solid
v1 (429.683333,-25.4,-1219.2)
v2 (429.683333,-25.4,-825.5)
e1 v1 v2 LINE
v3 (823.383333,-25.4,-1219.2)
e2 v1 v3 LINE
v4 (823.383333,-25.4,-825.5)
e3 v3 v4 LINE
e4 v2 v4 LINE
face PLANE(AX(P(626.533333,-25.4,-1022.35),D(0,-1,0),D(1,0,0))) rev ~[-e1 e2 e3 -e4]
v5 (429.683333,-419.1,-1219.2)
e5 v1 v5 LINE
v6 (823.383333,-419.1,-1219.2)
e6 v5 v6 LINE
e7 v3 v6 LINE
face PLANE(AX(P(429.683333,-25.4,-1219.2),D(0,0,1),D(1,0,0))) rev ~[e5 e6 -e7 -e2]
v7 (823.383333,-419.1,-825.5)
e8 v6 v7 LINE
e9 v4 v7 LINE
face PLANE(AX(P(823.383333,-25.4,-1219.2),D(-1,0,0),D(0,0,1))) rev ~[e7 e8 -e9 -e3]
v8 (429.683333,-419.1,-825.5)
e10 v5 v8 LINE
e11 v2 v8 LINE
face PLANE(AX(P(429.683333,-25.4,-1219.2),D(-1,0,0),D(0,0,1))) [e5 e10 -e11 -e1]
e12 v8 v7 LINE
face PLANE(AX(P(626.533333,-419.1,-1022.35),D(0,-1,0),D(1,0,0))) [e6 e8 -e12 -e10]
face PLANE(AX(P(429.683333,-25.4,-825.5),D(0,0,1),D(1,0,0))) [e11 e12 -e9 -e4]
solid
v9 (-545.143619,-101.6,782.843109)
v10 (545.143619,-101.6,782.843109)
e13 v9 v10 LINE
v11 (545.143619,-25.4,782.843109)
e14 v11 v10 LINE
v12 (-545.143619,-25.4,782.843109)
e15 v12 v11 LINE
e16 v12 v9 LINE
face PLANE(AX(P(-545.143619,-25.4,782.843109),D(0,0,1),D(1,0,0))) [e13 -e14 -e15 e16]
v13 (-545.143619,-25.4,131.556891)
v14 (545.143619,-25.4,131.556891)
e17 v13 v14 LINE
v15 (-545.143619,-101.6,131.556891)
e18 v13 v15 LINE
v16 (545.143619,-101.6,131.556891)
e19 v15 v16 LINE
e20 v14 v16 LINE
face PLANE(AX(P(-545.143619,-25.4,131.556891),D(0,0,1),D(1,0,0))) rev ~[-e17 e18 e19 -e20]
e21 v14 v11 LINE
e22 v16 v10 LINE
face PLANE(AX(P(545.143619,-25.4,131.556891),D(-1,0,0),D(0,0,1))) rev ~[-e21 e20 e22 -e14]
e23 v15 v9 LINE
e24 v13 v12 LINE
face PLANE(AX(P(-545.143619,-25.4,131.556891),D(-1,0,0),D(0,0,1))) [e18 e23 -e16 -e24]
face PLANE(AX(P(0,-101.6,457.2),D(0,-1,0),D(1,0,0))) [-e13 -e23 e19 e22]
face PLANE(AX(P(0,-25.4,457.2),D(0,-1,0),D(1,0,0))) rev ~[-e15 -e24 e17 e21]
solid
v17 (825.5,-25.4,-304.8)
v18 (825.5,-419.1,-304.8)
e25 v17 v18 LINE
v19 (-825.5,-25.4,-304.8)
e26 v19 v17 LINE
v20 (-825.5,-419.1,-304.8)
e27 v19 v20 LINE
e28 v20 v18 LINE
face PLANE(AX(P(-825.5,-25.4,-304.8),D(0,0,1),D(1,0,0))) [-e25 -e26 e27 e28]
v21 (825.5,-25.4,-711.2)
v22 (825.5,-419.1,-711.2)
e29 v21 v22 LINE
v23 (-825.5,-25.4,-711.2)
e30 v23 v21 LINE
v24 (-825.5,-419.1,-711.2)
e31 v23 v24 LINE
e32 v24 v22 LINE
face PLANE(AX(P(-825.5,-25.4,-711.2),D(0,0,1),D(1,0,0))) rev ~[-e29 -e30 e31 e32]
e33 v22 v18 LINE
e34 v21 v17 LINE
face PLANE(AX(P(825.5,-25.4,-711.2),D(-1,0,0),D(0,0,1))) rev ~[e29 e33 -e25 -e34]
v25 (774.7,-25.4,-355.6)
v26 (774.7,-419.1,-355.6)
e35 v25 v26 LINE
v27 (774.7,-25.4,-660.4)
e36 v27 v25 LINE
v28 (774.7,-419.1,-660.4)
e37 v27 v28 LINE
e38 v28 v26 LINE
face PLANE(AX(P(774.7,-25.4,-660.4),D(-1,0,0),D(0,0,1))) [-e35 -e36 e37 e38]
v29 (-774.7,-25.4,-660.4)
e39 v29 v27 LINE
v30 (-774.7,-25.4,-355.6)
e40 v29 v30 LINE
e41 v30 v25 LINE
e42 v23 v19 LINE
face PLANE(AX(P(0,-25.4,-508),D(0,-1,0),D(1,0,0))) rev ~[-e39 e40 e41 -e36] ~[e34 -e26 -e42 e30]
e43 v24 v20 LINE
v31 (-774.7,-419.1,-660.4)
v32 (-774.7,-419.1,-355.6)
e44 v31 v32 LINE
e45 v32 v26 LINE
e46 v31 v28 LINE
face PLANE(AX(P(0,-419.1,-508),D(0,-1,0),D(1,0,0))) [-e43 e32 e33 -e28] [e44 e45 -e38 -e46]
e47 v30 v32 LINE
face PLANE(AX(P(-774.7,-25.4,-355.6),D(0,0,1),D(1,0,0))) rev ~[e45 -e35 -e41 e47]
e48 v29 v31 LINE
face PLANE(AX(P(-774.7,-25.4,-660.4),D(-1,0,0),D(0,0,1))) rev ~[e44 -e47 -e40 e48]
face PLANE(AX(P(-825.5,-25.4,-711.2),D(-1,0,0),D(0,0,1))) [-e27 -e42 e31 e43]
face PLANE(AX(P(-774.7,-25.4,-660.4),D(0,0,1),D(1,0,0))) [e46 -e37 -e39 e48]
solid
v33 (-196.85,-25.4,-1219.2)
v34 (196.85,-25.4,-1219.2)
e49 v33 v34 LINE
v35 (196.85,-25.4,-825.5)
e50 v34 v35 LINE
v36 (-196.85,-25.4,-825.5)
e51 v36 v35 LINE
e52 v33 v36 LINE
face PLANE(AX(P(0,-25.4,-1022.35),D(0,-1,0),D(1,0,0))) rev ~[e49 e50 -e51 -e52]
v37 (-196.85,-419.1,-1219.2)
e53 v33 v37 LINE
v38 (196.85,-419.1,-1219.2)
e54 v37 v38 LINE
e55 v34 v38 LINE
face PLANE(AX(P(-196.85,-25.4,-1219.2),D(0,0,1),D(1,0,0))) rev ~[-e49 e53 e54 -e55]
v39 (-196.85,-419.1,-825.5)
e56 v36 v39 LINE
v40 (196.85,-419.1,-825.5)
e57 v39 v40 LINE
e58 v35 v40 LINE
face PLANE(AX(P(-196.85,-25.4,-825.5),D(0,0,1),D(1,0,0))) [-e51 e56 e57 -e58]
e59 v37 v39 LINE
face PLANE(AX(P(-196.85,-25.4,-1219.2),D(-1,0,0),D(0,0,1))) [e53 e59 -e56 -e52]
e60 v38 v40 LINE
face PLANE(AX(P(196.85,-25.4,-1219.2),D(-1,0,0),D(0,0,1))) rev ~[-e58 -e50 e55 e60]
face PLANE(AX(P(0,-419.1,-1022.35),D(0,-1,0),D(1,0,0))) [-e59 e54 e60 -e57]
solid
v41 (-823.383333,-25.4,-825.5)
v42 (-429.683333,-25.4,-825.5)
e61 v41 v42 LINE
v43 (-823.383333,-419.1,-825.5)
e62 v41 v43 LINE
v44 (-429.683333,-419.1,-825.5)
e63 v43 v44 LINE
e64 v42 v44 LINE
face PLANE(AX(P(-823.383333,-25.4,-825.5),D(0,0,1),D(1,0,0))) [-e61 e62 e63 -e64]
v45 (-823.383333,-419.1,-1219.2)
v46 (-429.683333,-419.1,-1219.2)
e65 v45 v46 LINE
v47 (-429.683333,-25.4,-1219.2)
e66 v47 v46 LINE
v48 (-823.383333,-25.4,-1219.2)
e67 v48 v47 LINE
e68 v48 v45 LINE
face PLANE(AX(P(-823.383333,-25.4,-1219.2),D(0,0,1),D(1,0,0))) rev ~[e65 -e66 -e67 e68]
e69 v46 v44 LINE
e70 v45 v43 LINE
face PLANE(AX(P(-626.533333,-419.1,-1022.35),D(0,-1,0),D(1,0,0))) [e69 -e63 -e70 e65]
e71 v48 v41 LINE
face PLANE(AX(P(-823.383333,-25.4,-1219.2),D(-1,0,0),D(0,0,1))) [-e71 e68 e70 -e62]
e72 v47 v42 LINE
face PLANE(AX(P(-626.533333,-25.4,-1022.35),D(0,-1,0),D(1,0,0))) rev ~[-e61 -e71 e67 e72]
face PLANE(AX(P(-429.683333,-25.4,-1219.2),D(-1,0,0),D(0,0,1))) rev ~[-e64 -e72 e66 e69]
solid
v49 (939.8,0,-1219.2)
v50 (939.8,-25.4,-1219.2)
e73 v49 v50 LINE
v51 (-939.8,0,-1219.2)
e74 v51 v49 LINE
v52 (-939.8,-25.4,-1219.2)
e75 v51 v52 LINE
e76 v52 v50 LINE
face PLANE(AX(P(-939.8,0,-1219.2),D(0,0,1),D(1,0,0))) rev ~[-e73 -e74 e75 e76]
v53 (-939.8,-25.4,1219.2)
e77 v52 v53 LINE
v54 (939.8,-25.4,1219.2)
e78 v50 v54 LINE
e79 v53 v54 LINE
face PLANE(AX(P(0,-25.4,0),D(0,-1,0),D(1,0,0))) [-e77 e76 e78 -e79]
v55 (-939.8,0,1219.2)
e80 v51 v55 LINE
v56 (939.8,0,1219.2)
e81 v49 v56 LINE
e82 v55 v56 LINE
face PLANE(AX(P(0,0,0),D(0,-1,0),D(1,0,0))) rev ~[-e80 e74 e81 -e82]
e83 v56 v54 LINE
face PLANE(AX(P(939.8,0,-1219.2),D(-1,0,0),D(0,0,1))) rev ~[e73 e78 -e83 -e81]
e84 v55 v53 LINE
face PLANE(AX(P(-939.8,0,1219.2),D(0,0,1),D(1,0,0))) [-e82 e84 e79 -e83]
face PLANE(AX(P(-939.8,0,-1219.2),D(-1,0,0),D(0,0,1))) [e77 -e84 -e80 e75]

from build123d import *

# Parameters (mm, degrees)
F0_W     = 1879.6
F0_H     = 2438.4
F1_DEPTH = 25.4
F2_W     = 1090.2872387474
F2_H     = 651.2862174379
F3_DEPTH = 76.2
F2_W_2   = 393.7
F2_H_2   = 393.7
F4_DEPTH = 393.7
F2_W_3   = 1651
F2_H_3   = 406.4
F2_W_4   = 1549.4
F2_H_4   = 304.8
F5_DEPTH = 393.7


with BuildPart() as f1:
    # F0 (on Front) → F1 (new body)
    with BuildSketch(Plane.XZ):
        Rectangle(F0_W, F0_H)
    extrude(amount=F1_DEPTH)


with BuildPart() as f3:
    # F2 (on face) → F3 (new body)
    with BuildSketch(Plane.XZ.offset(25.4)):
        with Locations((0, 457.2)):
            Rectangle(F2_W, F2_H)
    extrude(amount=F3_DEPTH)


with BuildPart() as f4:
    # F2 (on face) → F4 (new body)
    with BuildSketch(Plane.XZ.offset(25.4)):
        with Locations((-626.5333333333, -1022.35)):
            Rectangle(F2_W_2, F2_H_2)
    extrude(amount=F4_DEPTH)


with BuildPart() as f4b:
    # F2 (on face) → F4, piece 2 (new body)
    with BuildSketch(Plane.XZ.offset(25.4)):
        with Locations((0, -1022.35)):
            Rectangle(F2_W_2, F2_H_2)
    extrude(amount=F4_DEPTH)


with BuildPart() as f4c:
    # F2 (on face) → F4, piece 3 (new body)
    with BuildSketch(Plane.XZ.offset(25.4)):
        with Locations((626.5333333333, -1022.35)):
            Rectangle(F2_W_2, F2_H_2)
    extrude(amount=F4_DEPTH)


with BuildPart() as f5:
    # F2 (on face) → F5 (new body)
    with BuildSketch(Plane.XZ.offset(25.4)):
        with Locations((0, -508)):
            Rectangle(F2_W_3, F2_H_3)
        with Locations((0, -508)):
            Rectangle(F2_W_4, F2_H_4, mode=Mode.SUBTRACT)
    extrude(amount=F5_DEPTH)


solid = Compound([f1.part, f3.part, f4.part, f4b.part, f4c.part, f5.part])
